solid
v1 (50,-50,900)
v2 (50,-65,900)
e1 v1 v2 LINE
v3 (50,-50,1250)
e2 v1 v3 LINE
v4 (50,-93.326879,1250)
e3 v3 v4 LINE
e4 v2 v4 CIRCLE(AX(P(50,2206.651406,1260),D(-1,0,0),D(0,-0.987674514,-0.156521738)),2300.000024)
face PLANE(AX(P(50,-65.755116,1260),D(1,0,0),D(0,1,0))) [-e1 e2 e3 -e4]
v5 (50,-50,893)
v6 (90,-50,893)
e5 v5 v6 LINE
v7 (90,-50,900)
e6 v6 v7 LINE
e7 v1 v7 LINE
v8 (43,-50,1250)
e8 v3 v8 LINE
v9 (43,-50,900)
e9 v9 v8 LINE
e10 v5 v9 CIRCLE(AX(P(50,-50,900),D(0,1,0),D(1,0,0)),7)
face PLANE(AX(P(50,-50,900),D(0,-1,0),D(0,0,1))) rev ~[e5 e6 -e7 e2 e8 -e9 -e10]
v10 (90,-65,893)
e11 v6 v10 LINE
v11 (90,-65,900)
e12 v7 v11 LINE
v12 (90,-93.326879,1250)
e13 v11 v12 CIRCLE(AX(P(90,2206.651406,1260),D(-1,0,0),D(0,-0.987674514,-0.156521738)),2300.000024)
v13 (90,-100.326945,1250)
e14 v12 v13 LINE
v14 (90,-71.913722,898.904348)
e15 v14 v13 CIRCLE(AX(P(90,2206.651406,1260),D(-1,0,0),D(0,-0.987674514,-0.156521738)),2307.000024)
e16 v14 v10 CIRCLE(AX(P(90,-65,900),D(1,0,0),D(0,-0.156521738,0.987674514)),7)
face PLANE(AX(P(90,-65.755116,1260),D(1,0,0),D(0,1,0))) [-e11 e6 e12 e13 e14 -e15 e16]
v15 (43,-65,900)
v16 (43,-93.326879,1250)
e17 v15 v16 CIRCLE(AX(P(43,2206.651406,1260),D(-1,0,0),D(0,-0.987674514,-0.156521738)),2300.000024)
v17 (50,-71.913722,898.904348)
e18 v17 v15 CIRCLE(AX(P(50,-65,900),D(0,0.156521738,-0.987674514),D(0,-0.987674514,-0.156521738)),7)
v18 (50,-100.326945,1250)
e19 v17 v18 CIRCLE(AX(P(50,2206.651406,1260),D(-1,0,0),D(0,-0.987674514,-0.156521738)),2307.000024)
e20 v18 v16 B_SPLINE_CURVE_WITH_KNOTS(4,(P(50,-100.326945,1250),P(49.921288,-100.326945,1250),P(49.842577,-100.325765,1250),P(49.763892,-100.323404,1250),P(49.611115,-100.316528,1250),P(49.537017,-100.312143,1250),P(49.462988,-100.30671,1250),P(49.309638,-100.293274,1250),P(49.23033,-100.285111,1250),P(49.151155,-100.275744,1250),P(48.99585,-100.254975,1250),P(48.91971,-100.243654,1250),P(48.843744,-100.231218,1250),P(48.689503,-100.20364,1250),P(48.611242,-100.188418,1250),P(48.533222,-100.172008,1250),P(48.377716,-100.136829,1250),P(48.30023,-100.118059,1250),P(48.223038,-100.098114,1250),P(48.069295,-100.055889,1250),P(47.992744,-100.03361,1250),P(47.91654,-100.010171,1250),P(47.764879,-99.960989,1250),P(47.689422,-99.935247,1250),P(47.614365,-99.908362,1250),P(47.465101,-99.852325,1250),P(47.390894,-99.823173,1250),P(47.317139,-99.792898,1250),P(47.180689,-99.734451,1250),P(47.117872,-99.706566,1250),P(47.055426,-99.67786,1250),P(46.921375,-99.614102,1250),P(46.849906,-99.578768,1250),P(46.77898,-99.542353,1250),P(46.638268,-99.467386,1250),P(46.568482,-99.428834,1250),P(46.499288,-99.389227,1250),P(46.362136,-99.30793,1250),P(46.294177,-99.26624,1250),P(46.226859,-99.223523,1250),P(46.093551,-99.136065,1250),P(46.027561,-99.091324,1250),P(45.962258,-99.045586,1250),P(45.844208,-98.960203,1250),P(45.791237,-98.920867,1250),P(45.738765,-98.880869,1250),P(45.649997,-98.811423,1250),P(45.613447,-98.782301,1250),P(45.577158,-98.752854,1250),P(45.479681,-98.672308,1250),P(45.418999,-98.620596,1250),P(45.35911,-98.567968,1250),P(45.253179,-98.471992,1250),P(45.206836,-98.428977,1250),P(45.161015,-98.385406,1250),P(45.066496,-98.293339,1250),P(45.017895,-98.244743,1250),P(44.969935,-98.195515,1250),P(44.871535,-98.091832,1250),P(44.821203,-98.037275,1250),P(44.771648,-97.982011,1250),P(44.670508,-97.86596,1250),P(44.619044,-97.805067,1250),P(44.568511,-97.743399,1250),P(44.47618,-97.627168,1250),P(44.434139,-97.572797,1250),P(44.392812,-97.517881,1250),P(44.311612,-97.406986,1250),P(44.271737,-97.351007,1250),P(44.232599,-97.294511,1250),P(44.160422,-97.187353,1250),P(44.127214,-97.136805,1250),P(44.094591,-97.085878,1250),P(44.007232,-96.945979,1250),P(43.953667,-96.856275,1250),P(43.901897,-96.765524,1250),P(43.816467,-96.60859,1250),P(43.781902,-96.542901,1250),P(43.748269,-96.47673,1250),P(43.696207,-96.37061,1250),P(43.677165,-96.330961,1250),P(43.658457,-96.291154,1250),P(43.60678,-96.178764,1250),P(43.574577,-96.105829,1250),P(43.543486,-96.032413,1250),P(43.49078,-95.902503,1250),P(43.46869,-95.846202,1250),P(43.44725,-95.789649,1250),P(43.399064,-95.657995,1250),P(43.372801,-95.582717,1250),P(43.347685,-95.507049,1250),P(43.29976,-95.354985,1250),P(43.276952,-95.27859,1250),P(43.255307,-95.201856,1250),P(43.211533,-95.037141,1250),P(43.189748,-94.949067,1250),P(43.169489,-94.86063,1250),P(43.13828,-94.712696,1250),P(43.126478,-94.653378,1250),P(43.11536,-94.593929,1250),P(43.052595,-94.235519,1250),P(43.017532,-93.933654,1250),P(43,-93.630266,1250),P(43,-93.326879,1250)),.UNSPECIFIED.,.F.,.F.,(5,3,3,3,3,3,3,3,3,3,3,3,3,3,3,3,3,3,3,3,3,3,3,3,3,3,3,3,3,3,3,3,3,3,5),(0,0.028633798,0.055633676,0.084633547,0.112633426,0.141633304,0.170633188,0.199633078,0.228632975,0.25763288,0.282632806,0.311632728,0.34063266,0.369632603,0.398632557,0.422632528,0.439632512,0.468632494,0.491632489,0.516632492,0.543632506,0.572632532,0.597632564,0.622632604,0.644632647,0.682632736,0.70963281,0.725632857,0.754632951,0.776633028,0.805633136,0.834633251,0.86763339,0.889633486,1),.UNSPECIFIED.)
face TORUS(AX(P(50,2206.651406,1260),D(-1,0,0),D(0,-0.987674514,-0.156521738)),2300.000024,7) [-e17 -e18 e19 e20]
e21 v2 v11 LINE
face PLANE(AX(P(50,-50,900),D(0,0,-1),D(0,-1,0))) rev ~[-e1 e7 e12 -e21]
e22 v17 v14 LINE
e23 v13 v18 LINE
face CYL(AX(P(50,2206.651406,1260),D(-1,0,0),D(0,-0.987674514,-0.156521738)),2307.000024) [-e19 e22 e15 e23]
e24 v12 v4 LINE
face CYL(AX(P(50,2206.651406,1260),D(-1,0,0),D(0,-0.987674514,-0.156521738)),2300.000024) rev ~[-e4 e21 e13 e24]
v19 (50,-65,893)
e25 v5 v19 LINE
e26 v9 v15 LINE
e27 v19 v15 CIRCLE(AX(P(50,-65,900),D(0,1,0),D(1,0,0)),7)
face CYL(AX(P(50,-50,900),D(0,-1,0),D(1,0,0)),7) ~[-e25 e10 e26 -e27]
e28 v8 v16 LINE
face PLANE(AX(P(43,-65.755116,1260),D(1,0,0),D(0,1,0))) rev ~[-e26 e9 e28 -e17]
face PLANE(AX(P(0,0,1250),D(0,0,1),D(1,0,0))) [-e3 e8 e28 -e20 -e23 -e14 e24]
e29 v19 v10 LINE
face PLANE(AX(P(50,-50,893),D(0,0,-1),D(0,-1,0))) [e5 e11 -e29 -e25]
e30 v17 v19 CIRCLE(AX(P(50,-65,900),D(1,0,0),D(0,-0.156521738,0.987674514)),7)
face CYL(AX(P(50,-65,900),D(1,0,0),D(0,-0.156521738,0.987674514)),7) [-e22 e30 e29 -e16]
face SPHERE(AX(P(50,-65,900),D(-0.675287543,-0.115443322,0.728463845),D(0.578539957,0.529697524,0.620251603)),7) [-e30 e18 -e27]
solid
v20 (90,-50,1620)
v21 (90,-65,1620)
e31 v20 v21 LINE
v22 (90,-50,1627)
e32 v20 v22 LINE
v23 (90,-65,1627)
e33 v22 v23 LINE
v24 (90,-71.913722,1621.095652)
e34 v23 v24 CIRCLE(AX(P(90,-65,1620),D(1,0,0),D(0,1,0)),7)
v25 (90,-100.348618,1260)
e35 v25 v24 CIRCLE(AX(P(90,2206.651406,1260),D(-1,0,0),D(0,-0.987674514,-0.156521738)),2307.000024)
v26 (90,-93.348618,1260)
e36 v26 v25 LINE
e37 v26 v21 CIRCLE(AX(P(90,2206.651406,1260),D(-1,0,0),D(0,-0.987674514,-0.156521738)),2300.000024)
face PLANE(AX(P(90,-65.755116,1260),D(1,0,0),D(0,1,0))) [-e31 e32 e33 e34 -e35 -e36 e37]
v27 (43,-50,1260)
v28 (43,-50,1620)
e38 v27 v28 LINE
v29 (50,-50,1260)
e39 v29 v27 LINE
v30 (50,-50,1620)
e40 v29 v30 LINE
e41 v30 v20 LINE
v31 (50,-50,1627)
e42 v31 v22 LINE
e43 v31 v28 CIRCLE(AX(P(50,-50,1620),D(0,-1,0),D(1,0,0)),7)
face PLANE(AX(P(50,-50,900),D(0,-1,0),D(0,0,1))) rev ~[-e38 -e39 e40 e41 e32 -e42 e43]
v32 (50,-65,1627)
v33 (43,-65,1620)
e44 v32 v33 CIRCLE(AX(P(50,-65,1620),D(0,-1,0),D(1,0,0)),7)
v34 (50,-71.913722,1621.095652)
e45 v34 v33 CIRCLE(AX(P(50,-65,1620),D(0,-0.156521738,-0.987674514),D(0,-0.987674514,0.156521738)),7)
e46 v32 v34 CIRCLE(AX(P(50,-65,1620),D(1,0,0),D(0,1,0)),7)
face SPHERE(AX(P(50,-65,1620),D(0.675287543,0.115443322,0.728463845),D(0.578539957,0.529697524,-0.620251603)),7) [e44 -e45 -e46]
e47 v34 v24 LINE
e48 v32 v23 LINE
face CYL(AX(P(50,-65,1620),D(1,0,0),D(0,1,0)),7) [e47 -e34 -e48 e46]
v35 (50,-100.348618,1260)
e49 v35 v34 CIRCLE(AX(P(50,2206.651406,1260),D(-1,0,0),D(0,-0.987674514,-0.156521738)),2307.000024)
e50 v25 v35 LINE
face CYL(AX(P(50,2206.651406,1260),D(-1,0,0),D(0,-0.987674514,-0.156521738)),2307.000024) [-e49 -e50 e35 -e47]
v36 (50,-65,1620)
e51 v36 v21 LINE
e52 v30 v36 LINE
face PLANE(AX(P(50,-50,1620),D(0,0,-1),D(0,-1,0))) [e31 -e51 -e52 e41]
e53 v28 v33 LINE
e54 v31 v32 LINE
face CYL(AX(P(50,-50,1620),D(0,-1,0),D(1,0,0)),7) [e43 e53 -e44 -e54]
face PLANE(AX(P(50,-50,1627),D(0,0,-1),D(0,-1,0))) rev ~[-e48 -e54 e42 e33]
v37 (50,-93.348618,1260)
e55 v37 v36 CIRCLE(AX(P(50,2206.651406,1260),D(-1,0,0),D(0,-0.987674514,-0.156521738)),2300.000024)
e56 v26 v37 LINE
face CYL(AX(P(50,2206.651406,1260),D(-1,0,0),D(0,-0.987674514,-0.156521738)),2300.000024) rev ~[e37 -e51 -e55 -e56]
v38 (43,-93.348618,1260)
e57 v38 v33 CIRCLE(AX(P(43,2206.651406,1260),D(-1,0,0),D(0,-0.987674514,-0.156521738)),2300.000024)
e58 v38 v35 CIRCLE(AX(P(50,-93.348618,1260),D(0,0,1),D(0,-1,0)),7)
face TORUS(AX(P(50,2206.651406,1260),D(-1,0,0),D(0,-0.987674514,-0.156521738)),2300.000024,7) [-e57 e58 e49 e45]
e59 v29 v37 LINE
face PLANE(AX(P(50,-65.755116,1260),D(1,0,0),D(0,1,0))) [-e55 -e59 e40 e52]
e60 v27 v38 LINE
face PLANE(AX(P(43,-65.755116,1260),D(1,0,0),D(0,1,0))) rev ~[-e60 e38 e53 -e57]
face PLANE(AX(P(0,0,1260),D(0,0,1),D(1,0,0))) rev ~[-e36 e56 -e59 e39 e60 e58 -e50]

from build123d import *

# Parameters (mm, degrees)
RECTANGLE_W               = 1217.787964
RECTANGLE_H               = 10
EXTRUDE008_DEPTH          = 150
EXTRUDE006_DEPTH          = 40
THICKNESS_T               = 7
THICKNESS_PLACEMENT_ANGLE = 180


with BuildPart() as extrude008:
    # Rectangle → Extrude008 (new body)
    with BuildSketch(Plane.XZ):
        with Locations((608.893982, 5)):
            Rectangle(RECTANGLE_W, RECTANGLE_H)
    extrude(amount=EXTRUDE008_DEPTH)


with BuildPart() as extrude008_1:
    # Extrude008 placement: moved
    add(extrude008.part.moved(Location((0, 0, 1250))))


with BuildPart() as cut001:
    # Sketch006 → Extrude006 (new body)
    with BuildSketch(Plane.YZ):
        with BuildLine():
            Line((0, 0), (0, 720))
            Line((0, 720), (15, 720))
            ThreePointArc((15, 0), (43.348618, 360), (15, 720))
            Line((0, 0), (15, 0))
        make_face()
    extrude(amount=-EXTRUDE006_DEPTH)

    # Thickness
    thickness_openings = [cut001.faces().sort_by_distance(p)[0] for p in [
        (-20, 0, 360),
        (-40, 18.01229, 360),
    ]]
    offset(amount=THICKNESS_T, openings=thickness_openings)


with BuildPart() as cut001_1:
    # Thickness placement: moved
    add(cut001.part.moved(Location((50, -50, 900))).rotate(Axis((50, -50, 900), (0, 0, -1)), THICKNESS_PLACEMENT_ANGLE))

    # Cut001: cut Extrude008
    add(extrude008_1.part, mode=Mode.SUBTRACT)


solid = cut001_1.part
